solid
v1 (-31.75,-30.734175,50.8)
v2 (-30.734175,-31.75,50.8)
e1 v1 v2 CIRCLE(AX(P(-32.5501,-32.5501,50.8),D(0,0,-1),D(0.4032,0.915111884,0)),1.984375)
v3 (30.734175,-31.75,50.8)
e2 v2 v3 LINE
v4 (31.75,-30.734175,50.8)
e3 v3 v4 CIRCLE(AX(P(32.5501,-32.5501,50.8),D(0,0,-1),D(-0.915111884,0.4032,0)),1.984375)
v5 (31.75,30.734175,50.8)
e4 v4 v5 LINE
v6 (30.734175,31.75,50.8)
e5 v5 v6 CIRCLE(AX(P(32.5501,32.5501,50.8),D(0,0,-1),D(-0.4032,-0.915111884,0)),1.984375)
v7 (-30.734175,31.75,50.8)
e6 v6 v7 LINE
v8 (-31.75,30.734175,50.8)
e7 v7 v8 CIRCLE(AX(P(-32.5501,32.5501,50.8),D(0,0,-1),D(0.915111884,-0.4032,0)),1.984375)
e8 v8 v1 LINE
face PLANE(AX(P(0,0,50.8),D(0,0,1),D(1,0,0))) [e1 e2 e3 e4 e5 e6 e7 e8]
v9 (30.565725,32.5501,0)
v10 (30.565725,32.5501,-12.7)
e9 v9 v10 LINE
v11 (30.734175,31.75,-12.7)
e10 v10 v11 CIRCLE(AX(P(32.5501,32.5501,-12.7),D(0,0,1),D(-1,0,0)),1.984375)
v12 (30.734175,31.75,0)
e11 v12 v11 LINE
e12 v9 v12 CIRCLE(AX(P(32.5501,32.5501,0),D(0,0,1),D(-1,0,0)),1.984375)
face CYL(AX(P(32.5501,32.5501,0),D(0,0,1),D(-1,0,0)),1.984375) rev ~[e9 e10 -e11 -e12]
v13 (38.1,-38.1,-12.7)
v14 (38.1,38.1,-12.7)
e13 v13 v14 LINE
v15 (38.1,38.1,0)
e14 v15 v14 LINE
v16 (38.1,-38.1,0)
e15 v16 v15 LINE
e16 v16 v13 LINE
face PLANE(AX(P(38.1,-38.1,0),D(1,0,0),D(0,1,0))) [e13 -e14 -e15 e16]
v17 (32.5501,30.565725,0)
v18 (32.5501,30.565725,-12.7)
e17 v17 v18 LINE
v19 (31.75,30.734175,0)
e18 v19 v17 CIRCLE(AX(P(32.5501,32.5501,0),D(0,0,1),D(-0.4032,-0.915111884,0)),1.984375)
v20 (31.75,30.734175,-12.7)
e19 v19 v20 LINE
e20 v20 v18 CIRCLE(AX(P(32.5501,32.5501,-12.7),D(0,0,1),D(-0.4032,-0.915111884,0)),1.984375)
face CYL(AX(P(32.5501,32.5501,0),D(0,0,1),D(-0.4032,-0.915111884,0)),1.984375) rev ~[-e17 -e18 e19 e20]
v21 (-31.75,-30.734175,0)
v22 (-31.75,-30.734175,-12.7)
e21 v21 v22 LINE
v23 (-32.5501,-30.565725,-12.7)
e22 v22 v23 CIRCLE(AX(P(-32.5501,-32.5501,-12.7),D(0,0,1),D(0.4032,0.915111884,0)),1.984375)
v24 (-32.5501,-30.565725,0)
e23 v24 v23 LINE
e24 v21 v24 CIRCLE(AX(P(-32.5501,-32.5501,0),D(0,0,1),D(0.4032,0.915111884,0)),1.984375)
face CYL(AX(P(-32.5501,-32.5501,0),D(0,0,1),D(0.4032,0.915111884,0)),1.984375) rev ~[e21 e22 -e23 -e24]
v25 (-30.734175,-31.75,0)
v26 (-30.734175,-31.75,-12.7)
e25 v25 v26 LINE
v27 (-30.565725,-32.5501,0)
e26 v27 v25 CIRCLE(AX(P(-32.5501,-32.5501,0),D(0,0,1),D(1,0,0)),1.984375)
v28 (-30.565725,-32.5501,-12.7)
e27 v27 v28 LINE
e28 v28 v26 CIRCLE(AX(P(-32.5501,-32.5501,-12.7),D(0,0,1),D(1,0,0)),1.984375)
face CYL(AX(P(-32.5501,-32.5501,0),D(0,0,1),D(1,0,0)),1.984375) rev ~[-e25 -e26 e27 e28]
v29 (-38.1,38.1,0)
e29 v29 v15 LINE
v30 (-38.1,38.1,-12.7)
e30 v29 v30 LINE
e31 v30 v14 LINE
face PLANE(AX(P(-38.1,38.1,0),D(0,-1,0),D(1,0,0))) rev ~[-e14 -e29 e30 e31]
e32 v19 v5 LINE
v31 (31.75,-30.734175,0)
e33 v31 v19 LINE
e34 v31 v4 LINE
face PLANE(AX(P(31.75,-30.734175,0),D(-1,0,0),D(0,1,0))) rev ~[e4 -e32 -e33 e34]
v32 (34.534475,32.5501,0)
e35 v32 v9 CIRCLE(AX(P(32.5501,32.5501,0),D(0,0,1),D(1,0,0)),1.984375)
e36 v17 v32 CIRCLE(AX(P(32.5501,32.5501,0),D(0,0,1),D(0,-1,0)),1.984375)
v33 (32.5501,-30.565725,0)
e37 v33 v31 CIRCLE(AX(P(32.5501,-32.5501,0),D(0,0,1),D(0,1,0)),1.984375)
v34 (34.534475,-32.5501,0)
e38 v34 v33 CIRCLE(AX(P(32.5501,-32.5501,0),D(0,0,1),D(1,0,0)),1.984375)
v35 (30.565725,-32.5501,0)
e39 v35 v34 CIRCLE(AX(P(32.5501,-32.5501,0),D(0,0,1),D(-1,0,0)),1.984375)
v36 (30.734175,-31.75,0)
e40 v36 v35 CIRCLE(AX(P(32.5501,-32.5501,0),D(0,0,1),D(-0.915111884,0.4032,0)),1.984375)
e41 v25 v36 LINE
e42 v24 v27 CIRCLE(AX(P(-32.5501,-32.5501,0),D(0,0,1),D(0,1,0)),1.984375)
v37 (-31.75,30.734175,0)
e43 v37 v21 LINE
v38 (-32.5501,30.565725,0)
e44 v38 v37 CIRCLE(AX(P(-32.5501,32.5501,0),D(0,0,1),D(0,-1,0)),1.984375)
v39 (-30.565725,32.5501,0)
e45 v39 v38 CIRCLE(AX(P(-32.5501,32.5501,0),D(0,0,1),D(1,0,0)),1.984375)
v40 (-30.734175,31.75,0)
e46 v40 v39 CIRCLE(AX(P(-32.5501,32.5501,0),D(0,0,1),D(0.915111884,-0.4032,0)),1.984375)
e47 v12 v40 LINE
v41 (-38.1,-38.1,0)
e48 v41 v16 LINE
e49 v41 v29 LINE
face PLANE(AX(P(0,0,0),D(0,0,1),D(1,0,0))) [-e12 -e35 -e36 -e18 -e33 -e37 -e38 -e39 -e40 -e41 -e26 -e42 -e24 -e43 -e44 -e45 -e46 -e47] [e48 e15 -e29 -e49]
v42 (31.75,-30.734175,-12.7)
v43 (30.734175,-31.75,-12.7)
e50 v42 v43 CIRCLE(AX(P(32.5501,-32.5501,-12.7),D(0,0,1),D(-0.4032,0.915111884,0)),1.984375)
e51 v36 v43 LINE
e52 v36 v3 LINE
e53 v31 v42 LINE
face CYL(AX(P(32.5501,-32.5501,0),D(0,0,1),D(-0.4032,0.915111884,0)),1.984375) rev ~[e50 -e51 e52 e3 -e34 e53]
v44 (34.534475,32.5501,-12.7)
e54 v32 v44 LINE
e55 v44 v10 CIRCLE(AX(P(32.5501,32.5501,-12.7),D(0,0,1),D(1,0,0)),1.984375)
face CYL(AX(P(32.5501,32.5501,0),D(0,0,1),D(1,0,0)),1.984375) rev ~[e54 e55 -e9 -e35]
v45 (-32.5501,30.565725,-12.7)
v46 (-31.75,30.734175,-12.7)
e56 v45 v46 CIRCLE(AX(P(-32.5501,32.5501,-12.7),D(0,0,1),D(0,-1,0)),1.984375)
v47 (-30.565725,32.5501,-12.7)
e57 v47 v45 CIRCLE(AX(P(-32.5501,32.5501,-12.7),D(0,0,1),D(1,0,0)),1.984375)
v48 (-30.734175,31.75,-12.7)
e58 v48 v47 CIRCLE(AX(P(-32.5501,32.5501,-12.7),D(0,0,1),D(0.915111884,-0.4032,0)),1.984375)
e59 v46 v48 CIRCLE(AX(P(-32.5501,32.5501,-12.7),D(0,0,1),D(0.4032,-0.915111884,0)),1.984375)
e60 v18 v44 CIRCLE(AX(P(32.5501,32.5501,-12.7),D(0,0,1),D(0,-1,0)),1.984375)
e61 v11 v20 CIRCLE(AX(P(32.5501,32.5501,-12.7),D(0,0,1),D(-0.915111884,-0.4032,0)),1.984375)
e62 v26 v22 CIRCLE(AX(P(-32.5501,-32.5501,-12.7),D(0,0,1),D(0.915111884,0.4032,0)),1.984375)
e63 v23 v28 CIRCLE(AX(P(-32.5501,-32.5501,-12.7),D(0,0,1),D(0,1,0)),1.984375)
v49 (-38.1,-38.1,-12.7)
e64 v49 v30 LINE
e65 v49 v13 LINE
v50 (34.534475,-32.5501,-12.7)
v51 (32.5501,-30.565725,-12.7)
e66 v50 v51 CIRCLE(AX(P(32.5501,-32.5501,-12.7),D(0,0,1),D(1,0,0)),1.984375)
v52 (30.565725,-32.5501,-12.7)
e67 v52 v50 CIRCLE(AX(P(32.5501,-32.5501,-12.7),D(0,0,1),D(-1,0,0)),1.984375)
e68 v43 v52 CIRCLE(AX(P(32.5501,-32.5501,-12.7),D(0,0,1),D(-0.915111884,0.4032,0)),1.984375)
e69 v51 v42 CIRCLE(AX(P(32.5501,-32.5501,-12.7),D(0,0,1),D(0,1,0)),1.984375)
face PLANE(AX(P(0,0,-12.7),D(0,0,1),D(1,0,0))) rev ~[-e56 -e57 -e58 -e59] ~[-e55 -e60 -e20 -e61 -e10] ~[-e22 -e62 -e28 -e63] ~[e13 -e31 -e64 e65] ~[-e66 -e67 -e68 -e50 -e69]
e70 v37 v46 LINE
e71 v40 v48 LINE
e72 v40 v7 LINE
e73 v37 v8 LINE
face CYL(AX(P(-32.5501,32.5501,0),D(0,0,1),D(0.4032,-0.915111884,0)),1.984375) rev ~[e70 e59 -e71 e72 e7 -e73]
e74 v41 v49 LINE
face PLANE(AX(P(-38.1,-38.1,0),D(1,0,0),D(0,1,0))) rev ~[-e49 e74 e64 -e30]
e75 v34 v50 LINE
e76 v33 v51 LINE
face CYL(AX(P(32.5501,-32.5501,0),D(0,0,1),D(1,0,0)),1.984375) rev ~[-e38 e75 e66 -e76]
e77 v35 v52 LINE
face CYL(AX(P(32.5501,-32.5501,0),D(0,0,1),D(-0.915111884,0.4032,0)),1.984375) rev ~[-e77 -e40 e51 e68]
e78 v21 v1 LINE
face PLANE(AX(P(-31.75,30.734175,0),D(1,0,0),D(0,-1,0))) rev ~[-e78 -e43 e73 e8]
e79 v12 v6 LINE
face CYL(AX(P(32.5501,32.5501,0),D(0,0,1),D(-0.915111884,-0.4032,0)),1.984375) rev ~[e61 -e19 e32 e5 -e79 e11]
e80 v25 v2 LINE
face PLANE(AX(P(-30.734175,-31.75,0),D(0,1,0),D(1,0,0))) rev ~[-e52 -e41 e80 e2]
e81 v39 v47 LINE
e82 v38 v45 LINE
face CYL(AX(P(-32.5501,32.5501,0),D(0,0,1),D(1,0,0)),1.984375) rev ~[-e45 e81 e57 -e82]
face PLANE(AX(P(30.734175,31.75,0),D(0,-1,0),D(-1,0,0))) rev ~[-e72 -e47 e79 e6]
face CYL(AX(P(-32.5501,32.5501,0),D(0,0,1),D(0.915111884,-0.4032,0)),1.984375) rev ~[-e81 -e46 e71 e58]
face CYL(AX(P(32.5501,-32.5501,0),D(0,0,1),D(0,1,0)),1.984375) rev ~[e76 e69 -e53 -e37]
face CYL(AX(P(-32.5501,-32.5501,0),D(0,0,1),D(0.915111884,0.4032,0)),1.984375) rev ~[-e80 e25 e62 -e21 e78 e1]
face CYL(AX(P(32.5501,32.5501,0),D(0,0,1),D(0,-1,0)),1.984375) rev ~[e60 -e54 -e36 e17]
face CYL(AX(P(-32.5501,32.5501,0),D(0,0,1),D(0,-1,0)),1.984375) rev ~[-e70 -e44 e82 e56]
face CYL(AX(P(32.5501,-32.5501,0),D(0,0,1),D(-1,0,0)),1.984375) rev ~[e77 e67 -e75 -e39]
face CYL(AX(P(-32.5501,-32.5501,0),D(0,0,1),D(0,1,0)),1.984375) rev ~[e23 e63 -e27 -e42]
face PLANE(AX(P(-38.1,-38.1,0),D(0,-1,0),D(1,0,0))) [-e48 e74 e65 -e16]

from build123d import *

# Parameters (mm, degrees)
F0_W     = 76.2
F0_H     = 76.2
F1_DEPTH = 12.7
F2_DEPTH = 50.8
F3_DEPTH = 12.7


with BuildPart() as f1:
    # F0 (on Top) → F1 (new body)
    with BuildSketch(Plane.XY):
        Rectangle(F0_W, F0_H)
        with BuildLine():
            Line((30.565725, -32.5501), (-30.565725, -32.5501))
            ThreePointArc((-30.565725, -32.5501), (-33.9532650189, -33.9532650189), (-32.5501, -30.565725))
            Line((-32.5501, -30.565725), (-32.5501, 30.565725))
            ThreePointArc((-32.5501, 30.565725), (-33.9532650189, 33.9532650189), (-30.565725, 32.5501))
            Line((-30.565725, 32.5501), (30.565725, 32.5501))
            ThreePointArc((30.565725, 32.5501), (32.5501, 34.534475), (34.534475, 32.5501))
            ThreePointArc((34.534475, 32.5501), (33.9532650189, 31.1469349811), (32.5501, 30.565725))
            Line((32.5501, 30.565725), (32.5501, -30.565725))
            ThreePointArc((32.5501, -30.565725), (33.9532650189, -31.1469349811), (34.534475, -32.5501))
            ThreePointArc((34.534475, -32.5501), (32.5501, -34.534475), (30.565725, -32.5501))
        make_face(mode=Mode.SUBTRACT)
        with BuildLine():
            ThreePointArc((-31.75, -30.7341748554), (-31.1469349811, -31.1469349811), (-30.7341748554, -31.75))
            Line((-30.7341748554, -31.75), (30.7341748554, -31.75))
            ThreePointArc((30.7341748554, -31.75), (31.1469349811, -31.1469349811), (31.75, -30.7341748554))
            Line((31.75, -30.7341748554), (31.75, 30.7341748554))
            ThreePointArc((31.75, 30.7341748554), (31.1469349811, 31.1469349811), (30.7341748554, 31.75))
            Line((30.7341748554, 31.75), (-30.7341748554, 31.75))
            ThreePointArc((-30.7341748554, 31.75), (-31.1469349811, 31.1469349811), (-31.75, 30.7341748554))
            Line((-31.75, 30.7341748554), (-31.75, -30.7341748554))
        make_face()
        with BuildLine():
            ThreePointArc((31.75, -30.7341748554), (32.1412799406, -30.6082940623), (32.5501, -30.565725))
            Line((32.5501, -30.565725), (32.5501, 30.565725))
            ThreePointArc((32.5501, 30.565725), (32.1412799406, 30.6082940623), (31.75, 30.7341748554))
            Line((31.75, 30.7341748554), (31.75, -30.7341748554))
        make_face()
        with BuildLine():
            ThreePointArc((-30.7341748554, -31.75), (-30.6082940623, -32.1412799406), (-30.565725, -32.5501))
            Line((-30.565725, -32.5501), (30.565725, -32.5501))
            ThreePointArc((30.565725, -32.5501), (30.6082940623, -32.1412799406), (30.7341748554, -31.75))
            Line((30.7341748554, -31.75), (-30.7341748554, -31.75))
        make_face()
        with BuildLine():
            Line((30.565725, 32.5501), (-30.565725, 32.5501))
            ThreePointArc((-30.565725, 32.5501), (-30.6082940623, 32.1412799406), (-30.7341748554, 31.75))
            Line((-30.7341748554, 31.75), (30.7341748554, 31.75))
            ThreePointArc((30.7341748554, 31.75), (30.6082940623, 32.1412799406), (30.565725, 32.5501))
        make_face()
        with BuildLine():
            Line((-32.5501, 30.565725), (-32.5501, -30.565725))
            ThreePointArc((-32.5501, -30.565725), (-32.1412799406, -30.6082940623), (-31.75, -30.7341748554))
            Line((-31.75, -30.7341748554), (-31.75, 30.7341748554))
            ThreePointArc((-31.75, 30.7341748554), (-32.1412799406, 30.6082940623), (-32.5501, 30.565725))
        make_face()
        with BuildLine():
            ThreePointArc((-32.5501, -30.565725), (-33.9532650189, -33.9532650189), (-30.565725, -32.5501))
            Line((-30.565725, -32.5501), (-32.5501, -32.5501))
            Line((-32.5501, -32.5501), (-32.5501, -30.565725))
        make_face()
        with BuildLine():
            Line((32.5501, 32.5501), (32.5501, 30.565725))
            ThreePointArc((32.5501, 30.565725), (33.9532650189, 31.1469349811), (34.534475, 32.5501))
            ThreePointArc((34.534475, 32.5501), (32.5501, 34.534475), (30.565725, 32.5501))
            Line((30.565725, 32.5501), (32.5501, 32.5501))
        make_face()
        with BuildLine():
            ThreePointArc((-30.565725, 32.5501), (-33.9532650189, 33.9532650189), (-32.5501, 30.565725))
            Line((-32.5501, 30.565725), (-32.5501, 32.5501))
            Line((-32.5501, 32.5501), (-30.565725, 32.5501))
        make_face()
        with BuildLine():
            Line((32.5501, -32.5501), (30.565725, -32.5501))
            ThreePointArc((30.565725, -32.5501), (32.5501, -34.534475), (34.534475, -32.5501))
            ThreePointArc((34.534475, -32.5501), (33.9532650189, -31.1469349811), (32.5501, -30.565725))
            Line((32.5501, -30.565725), (32.5501, -32.5501))
        make_face()
        with BuildLine():
            ThreePointArc((31.75, 30.7341748554), (32.1412799406, 30.6082940623), (32.5501, 30.565725))
            Line((32.5501, 30.565725), (32.5501, 32.5501))
            Line((32.5501, 32.5501), (30.565725, 32.5501))
            ThreePointArc((30.565725, 32.5501), (30.6082940623, 32.1412799406), (30.7341748554, 31.75))
            Line((30.7341748554, 31.75), (31.75, 31.75))
            Line((31.75, 31.75), (31.75, 30.7341748554))
        make_face()
        with BuildLine():
            Line((-32.5501, -32.5501), (-30.565725, -32.5501))
            ThreePointArc((-30.565725, -32.5501), (-30.6082940623, -32.1412799406), (-30.7341748554, -31.75))
            Line((-30.7341748554, -31.75), (-31.75, -31.75))
            Line((-31.75, -31.75), (-31.75, -30.7341748554))
            ThreePointArc((-31.75, -30.7341748554), (-32.1412799406, -30.6082940623), (-32.5501, -30.565725))
            Line((-32.5501, -30.565725), (-32.5501, -32.5501))
        make_face()
        with BuildLine():
            Line((-31.75, 31.75), (-31.75, 30.7341748554))
            ThreePointArc((-31.75, 30.7341748554), (-31.1469349811, 31.1469349811), (-30.7341748554, 31.75))
            Line((-30.7341748554, 31.75), (-31.75, 31.75))
        make_face()
        with BuildLine():
            ThreePointArc((30.7341748554, -31.75), (30.6082940623, -32.1412799406), (30.565725, -32.5501))
            Line((30.565725, -32.5501), (32.5501, -32.5501))
            Line((32.5501, -32.5501), (32.5501, -30.565725))
            ThreePointArc((32.5501, -30.565725), (32.1412799406, -30.6082940623), (31.75, -30.7341748554))
            Line((31.75, -30.7341748554), (31.75, -31.75))
            Line((31.75, -31.75), (30.7341748554, -31.75))
        make_face()
        with BuildLine():
            ThreePointArc((30.7341748554, 31.75), (31.1469349811, 31.1469349811), (31.75, 30.7341748554))
            Line((31.75, 30.7341748554), (31.75, 31.75))
            Line((31.75, 31.75), (30.7341748554, 31.75))
        make_face()
        with BuildLine():
            Line((-31.75, -31.75), (-30.7341748554, -31.75))
            ThreePointArc((-30.7341748554, -31.75), (-31.1469349811, -31.1469349811), (-31.75, -30.7341748554))
            Line((-31.75, -30.7341748554), (-31.75, -31.75))
        make_face()
        with BuildLine():
            ThreePointArc((31.75, -30.7341748554), (31.1469349811, -31.1469349811), (30.7341748554, -31.75))
            Line((30.7341748554, -31.75), (31.75, -31.75))
            Line((31.75, -31.75), (31.75, -30.7341748554))
        make_face()
        with BuildLine():
            Line((-32.5501, 32.5501), (-32.5501, 30.565725))
            ThreePointArc((-32.5501, 30.565725), (-32.1412799406, 30.6082940623), (-31.75, 30.7341748554))
            Line((-31.75, 30.7341748554), (-31.75, 31.75))
            Line((-31.75, 31.75), (-30.7341748554, 31.75))
            ThreePointArc((-30.7341748554, 31.75), (-30.6082940623, 32.1412799406), (-30.565725, 32.5501))
            Line((-30.565725, 32.5501), (-32.5501, 32.5501))
        make_face()
    extrude(amount=-F1_DEPTH)

    # F0 (on Top) → F2 (join)
    with BuildSketch(Plane.XY):
        with BuildLine():
            ThreePointArc((-31.75, -30.7341748554), (-31.1469349811, -31.1469349811), (-30.7341748554, -31.75))
            Line((-30.7341748554, -31.75), (30.7341748554, -31.75))
            ThreePointArc((30.7341748554, -31.75), (31.1469349811, -31.1469349811), (31.75, -30.7341748554))
            Line((31.75, -30.7341748554), (31.75, 30.7341748554))
            ThreePointArc((31.75, 30.7341748554), (31.1469349811, 31.1469349811), (30.7341748554, 31.75))
            Line((30.7341748554, 31.75), (-30.7341748554, 31.75))
            ThreePointArc((-30.7341748554, 31.75), (-31.1469349811, 31.1469349811), (-31.75, 30.7341748554))
            Line((-31.75, 30.7341748554), (-31.75, -30.7341748554))
        make_face()
    extrude(amount=F2_DEPTH)

    # F0 (on Top) → F3 (cut, through all)
    with BuildSketch(Plane.XY):
        with BuildLine():
            ThreePointArc((-32.5501, -30.565725), (-33.9532650189, -33.9532650189), (-30.565725, -32.5501))
            Line((-30.565725, -32.5501), (-32.5501, -32.5501))
            Line((-32.5501, -32.5501), (-32.5501, -30.565725))
        make_face()
        with BuildLine():
            Line((-32.5501, -32.5501), (-30.565725, -32.5501))
            ThreePointArc((-30.565725, -32.5501), (-30.6082940623, -32.1412799406), (-30.7341748554, -31.75))
            Line((-30.7341748554, -31.75), (-31.75, -31.75))
            Line((-31.75, -31.75), (-31.75, -30.7341748554))
            ThreePointArc((-31.75, -30.7341748554), (-32.1412799406, -30.6082940623), (-32.5501, -30.565725))
            Line((-32.5501, -30.565725), (-32.5501, -32.5501))
        make_face()
        with BuildLine():
            Line((-31.75, -31.75), (-30.7341748554, -31.75))
            ThreePointArc((-30.7341748554, -31.75), (-31.1469349811, -31.1469349811), (-31.75, -30.7341748554))
            Line((-31.75, -30.7341748554), (-31.75, -31.75))
        make_face()
        with BuildLine():
            Line((32.5501, -32.5501), (30.565725, -32.5501))
            ThreePointArc((30.565725, -32.5501), (32.5501, -34.534475), (34.534475, -32.5501))
            ThreePointArc((34.534475, -32.5501), (33.9532650189, -31.1469349811), (32.5501, -30.565725))
            Line((32.5501, -30.565725), (32.5501, -32.5501))
        make_face()
        with BuildLine():
            ThreePointArc((30.7341748554, -31.75), (30.6082940623, -32.1412799406), (30.565725, -32.5501))
            Line((30.565725, -32.5501), (32.5501, -32.5501))
            Line((32.5501, -32.5501), (32.5501, -30.565725))
            ThreePointArc((32.5501, -30.565725), (32.1412799406, -30.6082940623), (31.75, -30.7341748554))
            Line((31.75, -30.7341748554), (31.75, -31.75))
            Line((31.75, -31.75), (30.7341748554, -31.75))
        make_face()
        with BuildLine():
            ThreePointArc((31.75, -30.7341748554), (31.1469349811, -31.1469349811), (30.7341748554, -31.75))
            Line((30.7341748554, -31.75), (31.75, -31.75))
            Line((31.75, -31.75), (31.75, -30.7341748554))
        make_face()
        with BuildLine():
            ThreePointArc((30.7341748554, 31.75), (31.1469349811, 31.1469349811), (31.75, 30.7341748554))
            Line((31.75, 30.7341748554), (31.75, 31.75))
            Line((31.75, 31.75), (30.7341748554, 31.75))
        make_face()
        with BuildLine():
            ThreePointArc((31.75, 30.7341748554), (32.1412799406, 30.6082940623), (32.5501, 30.565725))
            Line((32.5501, 30.565725), (32.5501, 32.5501))
            Line((32.5501, 32.5501), (30.565725, 32.5501))
            ThreePointArc((30.565725, 32.5501), (30.6082940623, 32.1412799406), (30.7341748554, 31.75))
            Line((30.7341748554, 31.75), (31.75, 31.75))
            Line((31.75, 31.75), (31.75, 30.7341748554))
        make_face()
        with BuildLine():
            Line((32.5501, 32.5501), (32.5501, 30.565725))
            ThreePointArc((32.5501, 30.565725), (33.9532650189, 31.1469349811), (34.534475, 32.5501))
            ThreePointArc((34.534475, 32.5501), (32.5501, 34.534475), (30.565725, 32.5501))
            Line((30.565725, 32.5501), (32.5501, 32.5501))
        make_face()
        with BuildLine():
            ThreePointArc((-30.565725, 32.5501), (-33.9532650189, 33.9532650189), (-32.5501, 30.565725))
            Line((-32.5501, 30.565725), (-32.5501, 32.5501))
            Line((-32.5501, 32.5501), (-30.565725, 32.5501))
        make_face()
        with BuildLine():
            Line((-32.5501, 32.5501), (-32.5501, 30.565725))
            ThreePointArc((-32.5501, 30.565725), (-32.1412799406, 30.6082940623), (-31.75, 30.7341748554))
            Line((-31.75, 30.7341748554), (-31.75, 31.75))
            Line((-31.75, 31.75), (-30.7341748554, 31.75))
            ThreePointArc((-30.7341748554, 31.75), (-30.6082940623, 32.1412799406), (-30.565725, 32.5501))
            Line((-30.565725, 32.5501), (-32.5501, 32.5501))
        make_face()
        with BuildLine():
            Line((-31.75, 31.75), (-31.75, 30.7341748554))
            ThreePointArc((-31.75, 30.7341748554), (-31.1469349811, 31.1469349811), (-30.7341748554, 31.75))
            Line((-30.7341748554, 31.75), (-31.75, 31.75))
        make_face()
    extrude(amount=-F3_DEPTH, mode=Mode.SUBTRACT)


solid = f1.part
